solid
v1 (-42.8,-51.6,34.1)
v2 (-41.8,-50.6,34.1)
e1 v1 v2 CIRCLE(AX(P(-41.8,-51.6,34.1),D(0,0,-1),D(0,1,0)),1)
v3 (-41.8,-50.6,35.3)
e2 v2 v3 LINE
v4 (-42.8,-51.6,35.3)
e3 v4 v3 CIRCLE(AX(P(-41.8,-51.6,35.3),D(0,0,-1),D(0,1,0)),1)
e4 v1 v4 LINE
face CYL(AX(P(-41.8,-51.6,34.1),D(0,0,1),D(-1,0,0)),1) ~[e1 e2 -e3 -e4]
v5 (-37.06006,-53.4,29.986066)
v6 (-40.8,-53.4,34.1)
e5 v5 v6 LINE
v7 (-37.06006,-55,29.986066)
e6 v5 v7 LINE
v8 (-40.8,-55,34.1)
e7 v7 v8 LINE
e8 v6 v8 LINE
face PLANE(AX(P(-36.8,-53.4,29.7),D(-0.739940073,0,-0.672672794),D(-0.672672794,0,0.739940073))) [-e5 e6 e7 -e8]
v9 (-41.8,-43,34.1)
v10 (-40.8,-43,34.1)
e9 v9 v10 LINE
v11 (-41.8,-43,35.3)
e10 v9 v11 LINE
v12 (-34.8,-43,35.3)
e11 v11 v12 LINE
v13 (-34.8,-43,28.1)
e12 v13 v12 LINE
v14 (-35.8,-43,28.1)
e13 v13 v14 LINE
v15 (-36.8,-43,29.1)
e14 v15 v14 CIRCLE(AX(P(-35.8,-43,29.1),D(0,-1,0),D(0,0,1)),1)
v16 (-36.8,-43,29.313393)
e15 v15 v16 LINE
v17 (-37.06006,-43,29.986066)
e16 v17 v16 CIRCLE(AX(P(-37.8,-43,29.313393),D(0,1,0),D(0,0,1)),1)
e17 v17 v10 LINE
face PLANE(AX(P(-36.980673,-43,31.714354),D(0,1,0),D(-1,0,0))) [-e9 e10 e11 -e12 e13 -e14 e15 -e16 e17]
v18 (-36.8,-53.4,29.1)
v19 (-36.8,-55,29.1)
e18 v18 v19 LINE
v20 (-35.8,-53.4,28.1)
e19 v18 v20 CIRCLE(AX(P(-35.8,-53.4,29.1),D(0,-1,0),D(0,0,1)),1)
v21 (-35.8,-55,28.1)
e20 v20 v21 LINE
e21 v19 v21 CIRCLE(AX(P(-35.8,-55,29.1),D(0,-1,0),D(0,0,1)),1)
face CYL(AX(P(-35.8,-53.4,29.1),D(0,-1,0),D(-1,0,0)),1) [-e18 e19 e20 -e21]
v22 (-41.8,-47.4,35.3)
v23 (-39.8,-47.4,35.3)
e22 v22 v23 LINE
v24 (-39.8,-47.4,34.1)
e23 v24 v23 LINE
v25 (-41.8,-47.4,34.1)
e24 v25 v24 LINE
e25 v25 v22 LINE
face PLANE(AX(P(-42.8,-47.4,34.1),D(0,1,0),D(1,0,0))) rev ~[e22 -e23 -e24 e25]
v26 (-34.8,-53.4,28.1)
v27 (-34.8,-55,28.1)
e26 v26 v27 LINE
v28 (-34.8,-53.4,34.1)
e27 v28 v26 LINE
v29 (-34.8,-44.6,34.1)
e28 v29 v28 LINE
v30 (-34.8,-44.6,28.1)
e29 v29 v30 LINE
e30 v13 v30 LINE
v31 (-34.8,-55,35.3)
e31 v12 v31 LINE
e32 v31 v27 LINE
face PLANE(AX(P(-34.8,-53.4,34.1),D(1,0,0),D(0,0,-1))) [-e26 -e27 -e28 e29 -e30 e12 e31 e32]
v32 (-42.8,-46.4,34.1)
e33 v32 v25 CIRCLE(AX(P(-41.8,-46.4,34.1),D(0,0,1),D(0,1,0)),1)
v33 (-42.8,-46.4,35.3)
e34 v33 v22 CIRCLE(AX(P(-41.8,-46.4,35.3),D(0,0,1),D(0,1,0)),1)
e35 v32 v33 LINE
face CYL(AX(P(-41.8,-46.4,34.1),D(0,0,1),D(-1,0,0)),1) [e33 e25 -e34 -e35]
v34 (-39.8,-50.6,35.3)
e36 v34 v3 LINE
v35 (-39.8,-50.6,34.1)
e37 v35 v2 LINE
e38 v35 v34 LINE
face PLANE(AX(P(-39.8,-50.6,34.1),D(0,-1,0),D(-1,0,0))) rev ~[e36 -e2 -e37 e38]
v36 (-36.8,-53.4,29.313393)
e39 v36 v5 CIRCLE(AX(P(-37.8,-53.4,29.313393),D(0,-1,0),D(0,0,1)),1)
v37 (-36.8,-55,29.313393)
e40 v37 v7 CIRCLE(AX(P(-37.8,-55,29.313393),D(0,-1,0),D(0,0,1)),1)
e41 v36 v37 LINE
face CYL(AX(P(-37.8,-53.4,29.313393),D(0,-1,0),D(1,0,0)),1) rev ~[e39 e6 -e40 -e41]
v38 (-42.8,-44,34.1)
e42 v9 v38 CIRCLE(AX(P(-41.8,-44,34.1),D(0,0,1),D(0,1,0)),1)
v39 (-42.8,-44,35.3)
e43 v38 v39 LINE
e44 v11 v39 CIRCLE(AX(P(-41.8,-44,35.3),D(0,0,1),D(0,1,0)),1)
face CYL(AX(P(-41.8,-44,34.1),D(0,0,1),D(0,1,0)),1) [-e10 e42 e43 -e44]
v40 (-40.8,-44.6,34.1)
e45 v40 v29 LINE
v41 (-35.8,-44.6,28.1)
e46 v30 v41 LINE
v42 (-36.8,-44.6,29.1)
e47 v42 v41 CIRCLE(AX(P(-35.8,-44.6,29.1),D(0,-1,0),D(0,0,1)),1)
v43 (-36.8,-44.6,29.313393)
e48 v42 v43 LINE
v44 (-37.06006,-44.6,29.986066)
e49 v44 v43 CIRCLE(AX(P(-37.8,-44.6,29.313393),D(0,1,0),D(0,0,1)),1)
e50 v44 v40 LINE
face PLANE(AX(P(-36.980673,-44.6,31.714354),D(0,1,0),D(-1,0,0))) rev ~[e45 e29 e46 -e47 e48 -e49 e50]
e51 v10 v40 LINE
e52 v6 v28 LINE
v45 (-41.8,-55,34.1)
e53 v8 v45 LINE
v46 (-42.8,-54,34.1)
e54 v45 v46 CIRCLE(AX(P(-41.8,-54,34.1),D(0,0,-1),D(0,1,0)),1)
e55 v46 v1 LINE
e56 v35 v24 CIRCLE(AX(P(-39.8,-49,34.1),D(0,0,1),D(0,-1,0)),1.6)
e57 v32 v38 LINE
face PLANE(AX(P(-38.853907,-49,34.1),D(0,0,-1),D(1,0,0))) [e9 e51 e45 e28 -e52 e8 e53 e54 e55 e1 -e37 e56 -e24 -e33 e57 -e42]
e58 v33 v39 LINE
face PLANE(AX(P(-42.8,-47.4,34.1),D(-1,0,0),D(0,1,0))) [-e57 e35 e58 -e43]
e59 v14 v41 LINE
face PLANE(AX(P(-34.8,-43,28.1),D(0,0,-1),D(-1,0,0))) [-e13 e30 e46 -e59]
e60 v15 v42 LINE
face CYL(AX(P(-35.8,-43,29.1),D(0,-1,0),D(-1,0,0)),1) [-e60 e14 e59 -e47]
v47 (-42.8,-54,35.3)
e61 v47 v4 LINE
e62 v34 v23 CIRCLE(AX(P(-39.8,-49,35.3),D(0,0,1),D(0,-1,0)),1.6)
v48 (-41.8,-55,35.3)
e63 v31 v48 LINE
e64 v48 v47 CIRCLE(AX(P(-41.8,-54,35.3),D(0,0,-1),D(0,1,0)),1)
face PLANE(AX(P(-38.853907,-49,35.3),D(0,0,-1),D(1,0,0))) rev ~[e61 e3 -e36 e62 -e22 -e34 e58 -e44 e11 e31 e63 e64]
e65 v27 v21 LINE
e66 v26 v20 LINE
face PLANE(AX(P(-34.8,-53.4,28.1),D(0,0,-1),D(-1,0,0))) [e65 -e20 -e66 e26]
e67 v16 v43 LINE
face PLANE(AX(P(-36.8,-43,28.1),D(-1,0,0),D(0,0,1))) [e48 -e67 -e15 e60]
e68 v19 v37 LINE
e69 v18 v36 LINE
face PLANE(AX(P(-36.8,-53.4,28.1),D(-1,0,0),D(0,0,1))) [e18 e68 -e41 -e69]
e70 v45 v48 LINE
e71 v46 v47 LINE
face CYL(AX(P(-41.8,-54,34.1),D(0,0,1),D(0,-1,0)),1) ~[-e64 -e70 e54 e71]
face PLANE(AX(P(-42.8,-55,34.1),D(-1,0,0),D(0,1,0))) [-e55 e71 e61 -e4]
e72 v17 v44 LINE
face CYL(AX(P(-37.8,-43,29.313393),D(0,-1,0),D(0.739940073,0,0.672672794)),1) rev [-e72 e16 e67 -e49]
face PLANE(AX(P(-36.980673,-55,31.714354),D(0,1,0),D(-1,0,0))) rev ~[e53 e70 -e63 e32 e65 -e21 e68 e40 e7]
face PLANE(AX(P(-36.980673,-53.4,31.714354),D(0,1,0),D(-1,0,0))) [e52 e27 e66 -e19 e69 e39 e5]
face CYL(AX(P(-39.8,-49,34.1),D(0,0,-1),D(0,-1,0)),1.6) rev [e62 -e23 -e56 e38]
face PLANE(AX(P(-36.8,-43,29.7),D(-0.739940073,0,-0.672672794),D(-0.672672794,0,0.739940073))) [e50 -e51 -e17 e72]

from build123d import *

# Parameters (mm, degrees)
PAD073_DEPTH            = 1.2
PAD074_DEPTH            = 1.6
LINEARPATTERN007_COUNT  = 2
LINEARPATTERN007_PITCH  = 10.4
FILLET029_R             = 1
FILLET030_R             = 1
FILLET031_R             = 1
BODY022_PLACEMENT_ANGLE = 180


with BuildPart() as part:
    # Sketch103 → Pad073 (new body)
    with BuildSketch(Plane.XY):
        with BuildLine():
            Line((-4, 6), (4, 6))
            Line((4, 6), (4, 1.6))
            Line((1, 1.6), (4, 1.6))
            ThreePointArc((1, 1.6), (-0.6, 0), (1, -1.6))
            Line((4, -1.6), (1, -1.6))
            Line((4, -1.6), (4, -6))
            Line((4, -6), (-4, -6))
            Line((-4, -6), (-4, 6))
        make_face()
    extrude(amount=PAD073_DEPTH)

    # Sketch104 (on DatumPlane) → Pad074 (join)
    with BuildSketch(Plane.XZ.offset(6)):
        Polygon((-4, 0), (-4, -6), (-2, -6), (-2, -4.4), (2, 0), align=None)
    pad074 = extrude(amount=-PAD074_DEPTH)

    # LinearPattern007: Pad074 ×2
    with Locations(*[(0, i * LINEARPATTERN007_PITCH, 0) for i in range(1, LINEARPATTERN007_COUNT)]):
        add(pad074)

    # Fillet029
    fillet029_edges = [part.edges().sort_by_distance(p)[0] for p in [
        (-2, -5.2, -6),
        (-2, 5.2, -6),
    ]]
    fillet(fillet029_edges, radius=FILLET029_R)

    # Fillet030
    fillet030_edges = [part.edges().sort_by_distance(p)[0] for p in [
        (-2, -5.2, -4.4),
        (-2, 5.2, -4.4),
    ]]
    fillet(fillet030_edges, radius=FILLET030_R)

    # Fillet031
    fillet031_edges = [part.edges().sort_by_distance(p)[0] for p in [
        (4, -6, 0.6),
        (4, -1.6, 0.6),
        (4, 1.6, 0.6),
        (4, 6, 0.6),
    ]]
    fillet(fillet031_edges, radius=FILLET031_R)


with BuildPart() as part_1:
    # Body022 placement: moved
    add(part.part.moved(Location((-38.8, -49, 34.1))).rotate(Axis((-38.8, -49, 34.1), (0, 0, 1)), BODY022_PLACEMENT_ANGLE))


solid = part_1.part
